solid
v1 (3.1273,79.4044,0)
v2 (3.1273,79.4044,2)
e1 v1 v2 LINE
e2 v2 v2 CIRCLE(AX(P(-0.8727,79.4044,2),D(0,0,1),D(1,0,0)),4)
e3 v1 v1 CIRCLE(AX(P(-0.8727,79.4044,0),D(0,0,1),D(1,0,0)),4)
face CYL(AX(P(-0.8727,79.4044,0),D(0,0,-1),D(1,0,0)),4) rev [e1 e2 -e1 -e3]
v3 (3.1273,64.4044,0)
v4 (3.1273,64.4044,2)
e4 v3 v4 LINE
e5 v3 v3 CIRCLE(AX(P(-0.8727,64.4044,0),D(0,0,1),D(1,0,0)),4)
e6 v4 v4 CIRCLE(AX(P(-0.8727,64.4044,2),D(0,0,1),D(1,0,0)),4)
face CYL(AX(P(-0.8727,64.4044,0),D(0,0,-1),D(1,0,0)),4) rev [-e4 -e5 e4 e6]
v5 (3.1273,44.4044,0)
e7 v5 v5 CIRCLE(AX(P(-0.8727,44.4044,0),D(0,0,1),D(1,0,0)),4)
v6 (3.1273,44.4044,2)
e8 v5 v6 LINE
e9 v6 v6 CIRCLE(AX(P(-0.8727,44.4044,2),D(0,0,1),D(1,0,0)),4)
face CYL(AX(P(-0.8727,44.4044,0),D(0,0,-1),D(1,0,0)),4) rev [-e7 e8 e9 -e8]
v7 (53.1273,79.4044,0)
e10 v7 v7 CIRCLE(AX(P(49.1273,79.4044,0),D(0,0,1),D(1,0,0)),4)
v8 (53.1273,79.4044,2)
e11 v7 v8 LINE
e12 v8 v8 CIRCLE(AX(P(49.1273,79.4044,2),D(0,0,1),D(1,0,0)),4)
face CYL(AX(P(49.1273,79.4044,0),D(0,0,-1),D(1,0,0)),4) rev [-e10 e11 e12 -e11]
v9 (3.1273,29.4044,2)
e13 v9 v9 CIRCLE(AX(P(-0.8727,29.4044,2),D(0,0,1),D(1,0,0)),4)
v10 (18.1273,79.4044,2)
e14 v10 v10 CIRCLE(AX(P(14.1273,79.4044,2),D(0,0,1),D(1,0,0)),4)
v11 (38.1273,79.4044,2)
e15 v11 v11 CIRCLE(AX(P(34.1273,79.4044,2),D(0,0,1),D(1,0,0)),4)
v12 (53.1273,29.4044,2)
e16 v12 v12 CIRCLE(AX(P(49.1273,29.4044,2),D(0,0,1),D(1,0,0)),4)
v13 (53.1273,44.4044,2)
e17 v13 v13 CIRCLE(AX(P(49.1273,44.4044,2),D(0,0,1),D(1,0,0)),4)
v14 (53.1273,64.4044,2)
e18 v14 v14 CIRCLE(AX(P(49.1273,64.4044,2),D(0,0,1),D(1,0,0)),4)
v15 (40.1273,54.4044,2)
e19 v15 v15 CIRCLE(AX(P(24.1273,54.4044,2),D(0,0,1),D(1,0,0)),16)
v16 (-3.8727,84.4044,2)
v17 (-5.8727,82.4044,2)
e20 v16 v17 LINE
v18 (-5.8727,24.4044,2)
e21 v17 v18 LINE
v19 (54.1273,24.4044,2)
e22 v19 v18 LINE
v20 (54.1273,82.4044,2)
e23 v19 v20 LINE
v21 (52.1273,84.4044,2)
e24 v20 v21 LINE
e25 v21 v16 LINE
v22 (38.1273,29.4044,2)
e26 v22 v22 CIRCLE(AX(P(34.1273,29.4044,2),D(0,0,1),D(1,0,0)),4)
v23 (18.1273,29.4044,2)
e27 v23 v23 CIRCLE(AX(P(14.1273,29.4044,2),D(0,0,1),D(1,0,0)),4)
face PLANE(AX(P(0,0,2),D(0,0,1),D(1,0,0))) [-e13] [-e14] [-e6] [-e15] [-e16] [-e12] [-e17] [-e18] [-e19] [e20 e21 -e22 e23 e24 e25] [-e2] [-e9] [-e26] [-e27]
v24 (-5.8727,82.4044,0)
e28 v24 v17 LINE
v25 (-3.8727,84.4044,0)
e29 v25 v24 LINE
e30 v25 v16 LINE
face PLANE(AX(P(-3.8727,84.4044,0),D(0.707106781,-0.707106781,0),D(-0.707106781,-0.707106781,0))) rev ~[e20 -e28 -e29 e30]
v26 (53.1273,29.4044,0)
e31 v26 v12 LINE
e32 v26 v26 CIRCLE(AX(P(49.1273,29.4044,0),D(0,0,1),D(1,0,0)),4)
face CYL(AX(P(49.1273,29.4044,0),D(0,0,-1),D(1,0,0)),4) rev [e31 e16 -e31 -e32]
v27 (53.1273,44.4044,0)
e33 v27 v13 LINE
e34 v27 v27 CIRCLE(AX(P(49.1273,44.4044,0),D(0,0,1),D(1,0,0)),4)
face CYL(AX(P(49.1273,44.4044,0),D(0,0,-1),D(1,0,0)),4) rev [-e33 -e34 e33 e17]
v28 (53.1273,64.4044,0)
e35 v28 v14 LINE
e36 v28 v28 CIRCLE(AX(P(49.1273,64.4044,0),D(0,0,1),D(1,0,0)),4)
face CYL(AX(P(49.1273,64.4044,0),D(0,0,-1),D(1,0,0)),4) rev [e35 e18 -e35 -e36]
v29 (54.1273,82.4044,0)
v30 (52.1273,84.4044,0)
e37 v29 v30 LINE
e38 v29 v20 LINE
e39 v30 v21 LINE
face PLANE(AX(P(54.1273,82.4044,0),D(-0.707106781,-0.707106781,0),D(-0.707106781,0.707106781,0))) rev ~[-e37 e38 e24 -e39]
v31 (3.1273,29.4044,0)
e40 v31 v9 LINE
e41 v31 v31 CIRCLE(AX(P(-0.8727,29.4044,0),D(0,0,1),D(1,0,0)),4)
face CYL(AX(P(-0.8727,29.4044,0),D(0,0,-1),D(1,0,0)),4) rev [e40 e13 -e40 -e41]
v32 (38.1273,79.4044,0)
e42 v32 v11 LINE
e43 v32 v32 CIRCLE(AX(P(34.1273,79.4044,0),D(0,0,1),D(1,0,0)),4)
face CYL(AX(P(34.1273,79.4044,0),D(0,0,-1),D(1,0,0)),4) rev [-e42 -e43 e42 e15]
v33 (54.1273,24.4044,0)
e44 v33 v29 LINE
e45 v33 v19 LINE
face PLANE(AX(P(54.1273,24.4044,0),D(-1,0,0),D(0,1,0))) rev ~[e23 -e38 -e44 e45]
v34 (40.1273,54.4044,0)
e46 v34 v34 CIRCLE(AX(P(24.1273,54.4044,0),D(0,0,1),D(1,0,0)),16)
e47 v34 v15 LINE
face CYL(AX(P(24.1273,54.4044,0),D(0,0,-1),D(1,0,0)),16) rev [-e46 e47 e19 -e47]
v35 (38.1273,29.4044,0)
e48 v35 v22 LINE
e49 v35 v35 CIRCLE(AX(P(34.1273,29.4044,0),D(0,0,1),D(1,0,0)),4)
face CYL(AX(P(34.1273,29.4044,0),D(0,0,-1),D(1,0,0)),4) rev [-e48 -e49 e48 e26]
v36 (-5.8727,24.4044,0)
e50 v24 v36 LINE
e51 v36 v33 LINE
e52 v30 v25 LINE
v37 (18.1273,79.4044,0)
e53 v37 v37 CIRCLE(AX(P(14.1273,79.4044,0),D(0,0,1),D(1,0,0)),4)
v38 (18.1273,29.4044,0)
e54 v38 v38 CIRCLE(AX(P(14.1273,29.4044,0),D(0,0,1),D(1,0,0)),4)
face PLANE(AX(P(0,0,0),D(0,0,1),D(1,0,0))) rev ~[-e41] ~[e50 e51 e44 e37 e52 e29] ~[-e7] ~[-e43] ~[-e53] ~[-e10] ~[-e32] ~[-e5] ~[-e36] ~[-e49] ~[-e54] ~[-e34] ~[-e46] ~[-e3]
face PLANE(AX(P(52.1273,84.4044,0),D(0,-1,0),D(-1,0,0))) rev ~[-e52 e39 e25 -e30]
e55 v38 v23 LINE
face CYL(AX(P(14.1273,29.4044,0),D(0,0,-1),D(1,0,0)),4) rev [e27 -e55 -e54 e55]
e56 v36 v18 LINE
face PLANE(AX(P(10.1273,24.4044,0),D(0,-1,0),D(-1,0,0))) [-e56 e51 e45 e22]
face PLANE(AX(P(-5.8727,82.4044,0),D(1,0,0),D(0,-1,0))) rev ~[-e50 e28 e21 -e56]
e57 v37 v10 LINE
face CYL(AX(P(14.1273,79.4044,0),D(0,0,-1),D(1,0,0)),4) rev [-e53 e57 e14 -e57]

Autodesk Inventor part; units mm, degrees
ref_plane "YZ Plane" through (0, 0, 0) normal (1, 0, 0) x (0, 1, 0)
ref_plane "XZ Plane" through (0, 0, 0) normal (0, 1, 0) x (-1, 0, 0)
ref_plane "XY Plane" through (0, 0, 0) normal (0, 0, 1) x (1, 0, 0)
ref_plane "Work Plane1" through (0, 0, 0) normal (0, 0, 1) x (1, 0, 0)
sketch "Sketch1" plane through (0, 0, 0) normal (0, 0, 1) x (1, 0, 0)
  circle A0 centre (24.1273, 54.4044) radius 16 projected
  circle A1 centre (34.1273, 29.4044) radius 4 projected
  circle A2 centre (49.1273, 64.4044) radius 4 projected
  circle A3 centre (14.1273, 79.4044) radius 4 projected
  circle A4 centre (-0.8727, 44.4044) radius 4 projected
  circle A5 centre (-0.8727, 64.4044) radius 4 projected
  circle A6 centre (34.1273, 79.4044) radius 4 projected
  circle A7 centre (49.1273, 44.4044) radius 4 projected
  circle A8 centre (14.1273, 29.4044) radius 4 projected
  arc A9 (-5.8727, -21.5956) -> (-1.8727, -25.5956) centre (-1.8727, -21.5956) ccw projected
  line L0 (-1.8727, -25.5956) -> (2.1273, -25.5956) projected
  arc A10 (2.1273, -25.5956) -> (6.1273, -21.5956) centre (2.1273, -21.5956) ccw projected
  line L1 (6.1273, -21.5956) -> (6.1273, 20.4044) projected
  arc A11 (10.1273, 24.4044) -> (6.1273, 20.4044) centre (10.1273, 20.4044) ccw projected
  line L2 (10.1273, 24.4044) -> (38.1273, 24.4044) projected
  arc A12 (42.1273, 20.4044) -> (38.1273, 24.4044) centre (38.1273, 20.4044) ccw projected
  line L3 (42.1273, 20.4044) -> (42.1273, -21.5956) projected
  arc A13 (42.1273, -21.5956) -> (46.1273, -25.5956) centre (46.1273, -21.5956) ccw projected
  line L4 (46.1273, -25.5956) -> (50.1273, -25.5956) projected
  arc A14 (50.1273, -25.5956) -> (54.1273, -21.5956) centre (50.1273, -21.5956) ccw projected
  line L5 (54.1273, -21.5956) -> (54.1273, 82.4044) projected
  line L6 (54.1273, 82.4044) -> (52.1273, 84.4044) projected
  line L7 (52.1273, 84.4044) -> (-3.8727, 84.4044) projected
  line L8 (-3.8727, 84.4044) -> (-5.8727, 82.4044) projected
  line L9 (-5.8727, 82.4044) -> (-5.8727, -21.5956) projected
  line L10 (-5.8727, 84.4044) -> (54.1273, 84.4044)
  line L11 (54.1273, 84.4044) -> (54.1273, 24.4044)
  line L12 (54.1273, 24.4044) -> (-5.8727, 24.4044)
  line L13 (-5.8727, 24.4044) -> (-5.8727, 84.4044)
  line L14 (-5.8727, 84.4044) -> (54.1273, 24.4044) construction
  line L15 (54.1273, 84.4044) -> (-5.8727, 24.4044) construction
  circle A15 centre (24.1273, 54.4044) radius 16 projected
  circle A16 centre (34.1273, 29.4044) radius 4 projected
  circle A17 centre (49.1273, 64.4044) radius 4 projected
  circle A18 centre (14.1273, 79.4044) radius 4 projected
  circle A19 centre (-0.8727, 44.4044) radius 4 projected
  circle A20 centre (-0.8727, 64.4044) radius 4 projected
  circle A21 centre (34.1273, 79.4044) radius 4 projected
  circle A22 centre (49.1273, 44.4044) radius 4 projected
  circle A23 centre (14.1273, 29.4044) radius 4 projected
  arc A24 (-5.8727, -21.5956) -> (-1.8727, -25.5956) centre (-1.8727, -21.5956) ccw projected
  line L16 (-1.8727, -25.5956) -> (2.1273, -25.5956) projected
  arc A25 (2.1273, -25.5956) -> (6.1273, -21.5956) centre (2.1273, -21.5956) ccw projected
  line L17 (6.1273, -21.5956) -> (6.1273, 20.4044) projected
  arc A26 (10.1273, 24.4044) -> (6.1273, 20.4044) centre (10.1273, 20.4044) ccw projected
  line L18 (10.1273, 24.4044) -> (38.1273, 24.4044) projected
  arc A27 (42.1273, 20.4044) -> (38.1273, 24.4044) centre (38.1273, 20.4044) ccw projected
  line L19 (42.1273, 20.4044) -> (42.1273, -21.5956) projected
  arc A28 (42.1273, -21.5956) -> (46.1273, -25.5956) centre (46.1273, -21.5956) ccw projected
  line L20 (46.1273, -25.5956) -> (50.1273, -25.5956) projected
  arc A29 (50.1273, -25.5956) -> (54.1273, -21.5956) centre (50.1273, -21.5956) ccw projected
  line L21 (54.1273, -21.5956) -> (54.1273, 82.4044) projected
  line L22 (54.1273, 82.4044) -> (52.1273, 84.4044) projected
  line L23 (52.1273, 84.4044) -> (-3.8727, 84.4044) projected
  line L24 (-3.8727, 84.4044) -> (-5.8727, 82.4044) projected
  line L25 (-5.8727, 82.4044) -> (-5.8727, -21.5956) projected
  circle A30 centre (49.1273, 29.4044) radius 4 projected
  circle A31 centre (-0.8727, 79.4044) radius 4 projected
  circle A32 centre (-0.8727, 29.4044) radius 4 projected
  circle A33 centre (41.6273, 36.9044) radius 1.95 projected
  circle A34 centre (41.6273, 71.9044) radius 1.95 projected
  circle A35 centre (6.6273, 71.9044) radius 1.95 projected
  circle A36 centre (49.1273, 29.4044) radius 4 projected
  circle A37 centre (-0.8727, 79.4044) radius 4 projected
  circle A38 centre (-0.8727, 29.4044) radius 4 projected
  circle A39 centre (41.6273, 36.9044) radius 1.95 projected
  circle A40 centre (41.6273, 71.9044) radius 1.95 projected
  circle A41 centre (6.6273, 71.9044) radius 1.95 projected
  circle A42 centre (49.1273, 79.4044) radius 4 projected
  circle A43 centre (49.1273, 79.4044) radius 4 projected
  point P0 (0, 0)
extrude "Extrusion1" add sketch "Sketch1" along normal blind 2 contours L9 L8 L7 L6 L5 L12 L2 | A33 | A34 | A35
properties part number "cellSTORM_UC2_motorized_xystage_spacer"
